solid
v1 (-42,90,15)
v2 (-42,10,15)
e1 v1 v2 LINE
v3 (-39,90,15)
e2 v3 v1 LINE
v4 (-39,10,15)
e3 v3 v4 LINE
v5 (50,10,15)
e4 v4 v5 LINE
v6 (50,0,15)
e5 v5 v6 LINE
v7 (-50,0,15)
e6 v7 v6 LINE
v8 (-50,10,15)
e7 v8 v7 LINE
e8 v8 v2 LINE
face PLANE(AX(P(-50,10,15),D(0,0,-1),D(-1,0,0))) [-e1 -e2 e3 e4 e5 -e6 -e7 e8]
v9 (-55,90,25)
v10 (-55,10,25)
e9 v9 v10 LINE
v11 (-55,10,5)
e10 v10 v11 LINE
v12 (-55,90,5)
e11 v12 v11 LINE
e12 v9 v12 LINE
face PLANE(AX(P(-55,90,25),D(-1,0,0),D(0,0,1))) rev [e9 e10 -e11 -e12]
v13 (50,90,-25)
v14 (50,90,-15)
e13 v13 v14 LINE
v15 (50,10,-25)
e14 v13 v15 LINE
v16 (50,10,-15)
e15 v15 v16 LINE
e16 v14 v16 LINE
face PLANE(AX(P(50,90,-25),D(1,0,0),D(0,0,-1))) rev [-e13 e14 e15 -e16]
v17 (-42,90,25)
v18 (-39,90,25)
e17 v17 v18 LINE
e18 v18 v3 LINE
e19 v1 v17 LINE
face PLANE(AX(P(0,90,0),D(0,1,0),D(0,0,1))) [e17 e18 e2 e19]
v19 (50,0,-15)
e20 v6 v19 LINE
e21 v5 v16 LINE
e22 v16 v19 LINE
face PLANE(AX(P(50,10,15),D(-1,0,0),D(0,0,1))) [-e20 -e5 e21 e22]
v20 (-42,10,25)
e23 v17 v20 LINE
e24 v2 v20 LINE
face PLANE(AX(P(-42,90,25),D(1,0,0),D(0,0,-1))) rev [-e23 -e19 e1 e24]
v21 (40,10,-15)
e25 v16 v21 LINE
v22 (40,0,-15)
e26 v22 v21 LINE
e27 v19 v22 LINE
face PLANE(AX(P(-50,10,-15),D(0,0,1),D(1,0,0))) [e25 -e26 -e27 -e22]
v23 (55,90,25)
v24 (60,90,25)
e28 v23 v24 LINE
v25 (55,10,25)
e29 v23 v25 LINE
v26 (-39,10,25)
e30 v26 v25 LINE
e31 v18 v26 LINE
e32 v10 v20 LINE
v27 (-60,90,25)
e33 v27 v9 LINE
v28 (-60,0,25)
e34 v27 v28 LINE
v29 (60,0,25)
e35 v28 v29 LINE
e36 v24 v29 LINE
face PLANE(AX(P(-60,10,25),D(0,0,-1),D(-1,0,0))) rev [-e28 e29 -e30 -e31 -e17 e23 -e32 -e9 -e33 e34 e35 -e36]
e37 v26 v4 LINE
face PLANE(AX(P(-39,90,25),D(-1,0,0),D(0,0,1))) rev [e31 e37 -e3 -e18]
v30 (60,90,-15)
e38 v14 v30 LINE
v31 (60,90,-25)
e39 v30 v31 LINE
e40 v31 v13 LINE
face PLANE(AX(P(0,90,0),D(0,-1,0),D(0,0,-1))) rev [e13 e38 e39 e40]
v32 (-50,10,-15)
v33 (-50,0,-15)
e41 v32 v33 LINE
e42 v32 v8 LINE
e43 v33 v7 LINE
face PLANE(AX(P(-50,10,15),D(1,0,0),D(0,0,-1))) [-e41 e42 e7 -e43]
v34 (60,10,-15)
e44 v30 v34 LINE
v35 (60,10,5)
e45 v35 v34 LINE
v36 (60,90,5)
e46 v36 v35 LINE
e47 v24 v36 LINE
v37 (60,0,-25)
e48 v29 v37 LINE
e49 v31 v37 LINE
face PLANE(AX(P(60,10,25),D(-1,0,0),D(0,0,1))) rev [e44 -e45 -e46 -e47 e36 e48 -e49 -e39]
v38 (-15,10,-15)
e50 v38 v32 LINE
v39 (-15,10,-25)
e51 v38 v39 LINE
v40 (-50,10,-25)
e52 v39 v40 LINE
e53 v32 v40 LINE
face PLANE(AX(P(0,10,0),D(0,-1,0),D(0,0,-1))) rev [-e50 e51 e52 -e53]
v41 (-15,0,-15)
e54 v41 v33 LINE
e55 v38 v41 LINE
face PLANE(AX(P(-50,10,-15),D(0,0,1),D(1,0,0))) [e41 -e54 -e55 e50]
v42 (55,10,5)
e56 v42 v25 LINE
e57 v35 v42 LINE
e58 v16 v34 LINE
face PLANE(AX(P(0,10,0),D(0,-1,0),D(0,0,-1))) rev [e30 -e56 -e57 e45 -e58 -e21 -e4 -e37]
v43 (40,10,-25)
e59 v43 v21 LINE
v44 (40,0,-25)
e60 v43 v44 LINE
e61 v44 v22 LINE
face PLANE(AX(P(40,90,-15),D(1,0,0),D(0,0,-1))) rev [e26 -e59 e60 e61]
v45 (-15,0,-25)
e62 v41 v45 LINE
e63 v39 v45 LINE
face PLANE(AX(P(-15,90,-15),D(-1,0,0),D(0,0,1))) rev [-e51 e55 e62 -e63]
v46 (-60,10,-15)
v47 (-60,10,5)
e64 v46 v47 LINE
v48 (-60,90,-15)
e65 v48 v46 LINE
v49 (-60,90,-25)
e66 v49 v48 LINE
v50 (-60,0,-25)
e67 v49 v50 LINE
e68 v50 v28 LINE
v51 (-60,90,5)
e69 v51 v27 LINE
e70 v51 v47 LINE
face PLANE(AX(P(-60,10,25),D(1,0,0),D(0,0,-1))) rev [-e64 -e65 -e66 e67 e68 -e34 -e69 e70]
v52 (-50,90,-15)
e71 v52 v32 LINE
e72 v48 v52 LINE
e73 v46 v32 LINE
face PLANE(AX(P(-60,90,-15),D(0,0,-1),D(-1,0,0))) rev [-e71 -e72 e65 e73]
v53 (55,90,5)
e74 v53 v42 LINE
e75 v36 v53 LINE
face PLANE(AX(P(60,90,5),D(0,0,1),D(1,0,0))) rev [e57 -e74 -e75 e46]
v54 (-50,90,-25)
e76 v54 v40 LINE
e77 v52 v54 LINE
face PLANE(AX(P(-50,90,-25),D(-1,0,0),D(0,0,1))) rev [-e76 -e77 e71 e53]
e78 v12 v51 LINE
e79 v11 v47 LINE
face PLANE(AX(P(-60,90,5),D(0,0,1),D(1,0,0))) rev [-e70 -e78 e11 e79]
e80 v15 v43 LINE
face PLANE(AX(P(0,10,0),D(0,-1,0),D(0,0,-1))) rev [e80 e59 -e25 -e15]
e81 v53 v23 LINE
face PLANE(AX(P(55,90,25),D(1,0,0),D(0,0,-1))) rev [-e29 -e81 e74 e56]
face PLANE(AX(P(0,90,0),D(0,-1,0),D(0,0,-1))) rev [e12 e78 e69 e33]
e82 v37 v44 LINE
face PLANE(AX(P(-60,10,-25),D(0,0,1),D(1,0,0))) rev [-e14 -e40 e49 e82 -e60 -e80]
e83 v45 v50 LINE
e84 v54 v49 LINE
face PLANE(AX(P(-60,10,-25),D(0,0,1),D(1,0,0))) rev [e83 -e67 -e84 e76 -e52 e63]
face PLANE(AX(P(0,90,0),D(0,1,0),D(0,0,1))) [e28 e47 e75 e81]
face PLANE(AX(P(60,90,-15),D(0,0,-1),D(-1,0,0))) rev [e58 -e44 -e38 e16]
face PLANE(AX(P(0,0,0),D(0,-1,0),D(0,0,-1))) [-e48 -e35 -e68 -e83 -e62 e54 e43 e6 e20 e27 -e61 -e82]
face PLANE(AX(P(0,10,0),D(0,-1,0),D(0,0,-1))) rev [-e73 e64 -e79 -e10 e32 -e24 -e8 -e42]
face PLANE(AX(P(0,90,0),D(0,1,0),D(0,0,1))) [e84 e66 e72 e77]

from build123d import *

# Parameters (mm, degrees)
SKETCH_1_W          = 120
SKETCH_1_H          = 50
SKETCH_1_W_2        = 100
SKETCH_1_H_2        = 30
EXTRUDE_1_DEPTH     = 10
SKETCH_2_W          = 5
SKETCH_2_H          = 20
SKETCH_2_W_2        = 10
SKETCH_2_H_2        = 10
SKETCH_2_W_3        = 3
EXTRUDE_2_DEPTH     = 80
SKETCH_3_W          = 55
SKETCH_3_H          = 10
CUT_EXTRUDE_1_DEPTH = 112.018016556


with BuildPart() as part:
    # 草图1 → 凸台-拉伸1 (new body)
    with BuildSketch(Plane(origin=(0, 0, 0), x_dir=(1, 0, 0), z_dir=(0, 1, 0))):
        Rectangle(SKETCH_1_W, SKETCH_1_H)
        Rectangle(SKETCH_1_W_2, SKETCH_1_H_2, mode=Mode.SUBTRACT)
    extrude(amount=EXTRUDE_1_DEPTH)

    # 草图2 → 凸台-拉伸2 (add)
    with BuildSketch(Plane(origin=(0, 10, 0), x_dir=(1, 0, 0), z_dir=(0, 1, 0))):
        with Locations((57.5, -15)):
            Rectangle(SKETCH_2_W, SKETCH_2_H)
        with Locations((-57.5, -15)):
            Rectangle(SKETCH_2_W, SKETCH_2_H)
        with Locations((-55, 20)):
            Rectangle(SKETCH_2_W_2, SKETCH_2_H_2)
        with Locations((55, 20)):
            Rectangle(SKETCH_2_W_2, SKETCH_2_H_2)
        with Locations((-40.5, -20)):
            Rectangle(SKETCH_2_W_3, SKETCH_2_H_2)
    extrude(amount=EXTRUDE_2_DEPTH)

    # 草图3 → 切除-拉伸1 (cut, through all)
    with BuildSketch(Plane.XZ):
        with Locations((12.5, -20)):
            Rectangle(SKETCH_3_W, SKETCH_3_H)
    extrude(amount=-CUT_EXTRUDE_1_DEPTH, mode=Mode.SUBTRACT)


solid = part.part
